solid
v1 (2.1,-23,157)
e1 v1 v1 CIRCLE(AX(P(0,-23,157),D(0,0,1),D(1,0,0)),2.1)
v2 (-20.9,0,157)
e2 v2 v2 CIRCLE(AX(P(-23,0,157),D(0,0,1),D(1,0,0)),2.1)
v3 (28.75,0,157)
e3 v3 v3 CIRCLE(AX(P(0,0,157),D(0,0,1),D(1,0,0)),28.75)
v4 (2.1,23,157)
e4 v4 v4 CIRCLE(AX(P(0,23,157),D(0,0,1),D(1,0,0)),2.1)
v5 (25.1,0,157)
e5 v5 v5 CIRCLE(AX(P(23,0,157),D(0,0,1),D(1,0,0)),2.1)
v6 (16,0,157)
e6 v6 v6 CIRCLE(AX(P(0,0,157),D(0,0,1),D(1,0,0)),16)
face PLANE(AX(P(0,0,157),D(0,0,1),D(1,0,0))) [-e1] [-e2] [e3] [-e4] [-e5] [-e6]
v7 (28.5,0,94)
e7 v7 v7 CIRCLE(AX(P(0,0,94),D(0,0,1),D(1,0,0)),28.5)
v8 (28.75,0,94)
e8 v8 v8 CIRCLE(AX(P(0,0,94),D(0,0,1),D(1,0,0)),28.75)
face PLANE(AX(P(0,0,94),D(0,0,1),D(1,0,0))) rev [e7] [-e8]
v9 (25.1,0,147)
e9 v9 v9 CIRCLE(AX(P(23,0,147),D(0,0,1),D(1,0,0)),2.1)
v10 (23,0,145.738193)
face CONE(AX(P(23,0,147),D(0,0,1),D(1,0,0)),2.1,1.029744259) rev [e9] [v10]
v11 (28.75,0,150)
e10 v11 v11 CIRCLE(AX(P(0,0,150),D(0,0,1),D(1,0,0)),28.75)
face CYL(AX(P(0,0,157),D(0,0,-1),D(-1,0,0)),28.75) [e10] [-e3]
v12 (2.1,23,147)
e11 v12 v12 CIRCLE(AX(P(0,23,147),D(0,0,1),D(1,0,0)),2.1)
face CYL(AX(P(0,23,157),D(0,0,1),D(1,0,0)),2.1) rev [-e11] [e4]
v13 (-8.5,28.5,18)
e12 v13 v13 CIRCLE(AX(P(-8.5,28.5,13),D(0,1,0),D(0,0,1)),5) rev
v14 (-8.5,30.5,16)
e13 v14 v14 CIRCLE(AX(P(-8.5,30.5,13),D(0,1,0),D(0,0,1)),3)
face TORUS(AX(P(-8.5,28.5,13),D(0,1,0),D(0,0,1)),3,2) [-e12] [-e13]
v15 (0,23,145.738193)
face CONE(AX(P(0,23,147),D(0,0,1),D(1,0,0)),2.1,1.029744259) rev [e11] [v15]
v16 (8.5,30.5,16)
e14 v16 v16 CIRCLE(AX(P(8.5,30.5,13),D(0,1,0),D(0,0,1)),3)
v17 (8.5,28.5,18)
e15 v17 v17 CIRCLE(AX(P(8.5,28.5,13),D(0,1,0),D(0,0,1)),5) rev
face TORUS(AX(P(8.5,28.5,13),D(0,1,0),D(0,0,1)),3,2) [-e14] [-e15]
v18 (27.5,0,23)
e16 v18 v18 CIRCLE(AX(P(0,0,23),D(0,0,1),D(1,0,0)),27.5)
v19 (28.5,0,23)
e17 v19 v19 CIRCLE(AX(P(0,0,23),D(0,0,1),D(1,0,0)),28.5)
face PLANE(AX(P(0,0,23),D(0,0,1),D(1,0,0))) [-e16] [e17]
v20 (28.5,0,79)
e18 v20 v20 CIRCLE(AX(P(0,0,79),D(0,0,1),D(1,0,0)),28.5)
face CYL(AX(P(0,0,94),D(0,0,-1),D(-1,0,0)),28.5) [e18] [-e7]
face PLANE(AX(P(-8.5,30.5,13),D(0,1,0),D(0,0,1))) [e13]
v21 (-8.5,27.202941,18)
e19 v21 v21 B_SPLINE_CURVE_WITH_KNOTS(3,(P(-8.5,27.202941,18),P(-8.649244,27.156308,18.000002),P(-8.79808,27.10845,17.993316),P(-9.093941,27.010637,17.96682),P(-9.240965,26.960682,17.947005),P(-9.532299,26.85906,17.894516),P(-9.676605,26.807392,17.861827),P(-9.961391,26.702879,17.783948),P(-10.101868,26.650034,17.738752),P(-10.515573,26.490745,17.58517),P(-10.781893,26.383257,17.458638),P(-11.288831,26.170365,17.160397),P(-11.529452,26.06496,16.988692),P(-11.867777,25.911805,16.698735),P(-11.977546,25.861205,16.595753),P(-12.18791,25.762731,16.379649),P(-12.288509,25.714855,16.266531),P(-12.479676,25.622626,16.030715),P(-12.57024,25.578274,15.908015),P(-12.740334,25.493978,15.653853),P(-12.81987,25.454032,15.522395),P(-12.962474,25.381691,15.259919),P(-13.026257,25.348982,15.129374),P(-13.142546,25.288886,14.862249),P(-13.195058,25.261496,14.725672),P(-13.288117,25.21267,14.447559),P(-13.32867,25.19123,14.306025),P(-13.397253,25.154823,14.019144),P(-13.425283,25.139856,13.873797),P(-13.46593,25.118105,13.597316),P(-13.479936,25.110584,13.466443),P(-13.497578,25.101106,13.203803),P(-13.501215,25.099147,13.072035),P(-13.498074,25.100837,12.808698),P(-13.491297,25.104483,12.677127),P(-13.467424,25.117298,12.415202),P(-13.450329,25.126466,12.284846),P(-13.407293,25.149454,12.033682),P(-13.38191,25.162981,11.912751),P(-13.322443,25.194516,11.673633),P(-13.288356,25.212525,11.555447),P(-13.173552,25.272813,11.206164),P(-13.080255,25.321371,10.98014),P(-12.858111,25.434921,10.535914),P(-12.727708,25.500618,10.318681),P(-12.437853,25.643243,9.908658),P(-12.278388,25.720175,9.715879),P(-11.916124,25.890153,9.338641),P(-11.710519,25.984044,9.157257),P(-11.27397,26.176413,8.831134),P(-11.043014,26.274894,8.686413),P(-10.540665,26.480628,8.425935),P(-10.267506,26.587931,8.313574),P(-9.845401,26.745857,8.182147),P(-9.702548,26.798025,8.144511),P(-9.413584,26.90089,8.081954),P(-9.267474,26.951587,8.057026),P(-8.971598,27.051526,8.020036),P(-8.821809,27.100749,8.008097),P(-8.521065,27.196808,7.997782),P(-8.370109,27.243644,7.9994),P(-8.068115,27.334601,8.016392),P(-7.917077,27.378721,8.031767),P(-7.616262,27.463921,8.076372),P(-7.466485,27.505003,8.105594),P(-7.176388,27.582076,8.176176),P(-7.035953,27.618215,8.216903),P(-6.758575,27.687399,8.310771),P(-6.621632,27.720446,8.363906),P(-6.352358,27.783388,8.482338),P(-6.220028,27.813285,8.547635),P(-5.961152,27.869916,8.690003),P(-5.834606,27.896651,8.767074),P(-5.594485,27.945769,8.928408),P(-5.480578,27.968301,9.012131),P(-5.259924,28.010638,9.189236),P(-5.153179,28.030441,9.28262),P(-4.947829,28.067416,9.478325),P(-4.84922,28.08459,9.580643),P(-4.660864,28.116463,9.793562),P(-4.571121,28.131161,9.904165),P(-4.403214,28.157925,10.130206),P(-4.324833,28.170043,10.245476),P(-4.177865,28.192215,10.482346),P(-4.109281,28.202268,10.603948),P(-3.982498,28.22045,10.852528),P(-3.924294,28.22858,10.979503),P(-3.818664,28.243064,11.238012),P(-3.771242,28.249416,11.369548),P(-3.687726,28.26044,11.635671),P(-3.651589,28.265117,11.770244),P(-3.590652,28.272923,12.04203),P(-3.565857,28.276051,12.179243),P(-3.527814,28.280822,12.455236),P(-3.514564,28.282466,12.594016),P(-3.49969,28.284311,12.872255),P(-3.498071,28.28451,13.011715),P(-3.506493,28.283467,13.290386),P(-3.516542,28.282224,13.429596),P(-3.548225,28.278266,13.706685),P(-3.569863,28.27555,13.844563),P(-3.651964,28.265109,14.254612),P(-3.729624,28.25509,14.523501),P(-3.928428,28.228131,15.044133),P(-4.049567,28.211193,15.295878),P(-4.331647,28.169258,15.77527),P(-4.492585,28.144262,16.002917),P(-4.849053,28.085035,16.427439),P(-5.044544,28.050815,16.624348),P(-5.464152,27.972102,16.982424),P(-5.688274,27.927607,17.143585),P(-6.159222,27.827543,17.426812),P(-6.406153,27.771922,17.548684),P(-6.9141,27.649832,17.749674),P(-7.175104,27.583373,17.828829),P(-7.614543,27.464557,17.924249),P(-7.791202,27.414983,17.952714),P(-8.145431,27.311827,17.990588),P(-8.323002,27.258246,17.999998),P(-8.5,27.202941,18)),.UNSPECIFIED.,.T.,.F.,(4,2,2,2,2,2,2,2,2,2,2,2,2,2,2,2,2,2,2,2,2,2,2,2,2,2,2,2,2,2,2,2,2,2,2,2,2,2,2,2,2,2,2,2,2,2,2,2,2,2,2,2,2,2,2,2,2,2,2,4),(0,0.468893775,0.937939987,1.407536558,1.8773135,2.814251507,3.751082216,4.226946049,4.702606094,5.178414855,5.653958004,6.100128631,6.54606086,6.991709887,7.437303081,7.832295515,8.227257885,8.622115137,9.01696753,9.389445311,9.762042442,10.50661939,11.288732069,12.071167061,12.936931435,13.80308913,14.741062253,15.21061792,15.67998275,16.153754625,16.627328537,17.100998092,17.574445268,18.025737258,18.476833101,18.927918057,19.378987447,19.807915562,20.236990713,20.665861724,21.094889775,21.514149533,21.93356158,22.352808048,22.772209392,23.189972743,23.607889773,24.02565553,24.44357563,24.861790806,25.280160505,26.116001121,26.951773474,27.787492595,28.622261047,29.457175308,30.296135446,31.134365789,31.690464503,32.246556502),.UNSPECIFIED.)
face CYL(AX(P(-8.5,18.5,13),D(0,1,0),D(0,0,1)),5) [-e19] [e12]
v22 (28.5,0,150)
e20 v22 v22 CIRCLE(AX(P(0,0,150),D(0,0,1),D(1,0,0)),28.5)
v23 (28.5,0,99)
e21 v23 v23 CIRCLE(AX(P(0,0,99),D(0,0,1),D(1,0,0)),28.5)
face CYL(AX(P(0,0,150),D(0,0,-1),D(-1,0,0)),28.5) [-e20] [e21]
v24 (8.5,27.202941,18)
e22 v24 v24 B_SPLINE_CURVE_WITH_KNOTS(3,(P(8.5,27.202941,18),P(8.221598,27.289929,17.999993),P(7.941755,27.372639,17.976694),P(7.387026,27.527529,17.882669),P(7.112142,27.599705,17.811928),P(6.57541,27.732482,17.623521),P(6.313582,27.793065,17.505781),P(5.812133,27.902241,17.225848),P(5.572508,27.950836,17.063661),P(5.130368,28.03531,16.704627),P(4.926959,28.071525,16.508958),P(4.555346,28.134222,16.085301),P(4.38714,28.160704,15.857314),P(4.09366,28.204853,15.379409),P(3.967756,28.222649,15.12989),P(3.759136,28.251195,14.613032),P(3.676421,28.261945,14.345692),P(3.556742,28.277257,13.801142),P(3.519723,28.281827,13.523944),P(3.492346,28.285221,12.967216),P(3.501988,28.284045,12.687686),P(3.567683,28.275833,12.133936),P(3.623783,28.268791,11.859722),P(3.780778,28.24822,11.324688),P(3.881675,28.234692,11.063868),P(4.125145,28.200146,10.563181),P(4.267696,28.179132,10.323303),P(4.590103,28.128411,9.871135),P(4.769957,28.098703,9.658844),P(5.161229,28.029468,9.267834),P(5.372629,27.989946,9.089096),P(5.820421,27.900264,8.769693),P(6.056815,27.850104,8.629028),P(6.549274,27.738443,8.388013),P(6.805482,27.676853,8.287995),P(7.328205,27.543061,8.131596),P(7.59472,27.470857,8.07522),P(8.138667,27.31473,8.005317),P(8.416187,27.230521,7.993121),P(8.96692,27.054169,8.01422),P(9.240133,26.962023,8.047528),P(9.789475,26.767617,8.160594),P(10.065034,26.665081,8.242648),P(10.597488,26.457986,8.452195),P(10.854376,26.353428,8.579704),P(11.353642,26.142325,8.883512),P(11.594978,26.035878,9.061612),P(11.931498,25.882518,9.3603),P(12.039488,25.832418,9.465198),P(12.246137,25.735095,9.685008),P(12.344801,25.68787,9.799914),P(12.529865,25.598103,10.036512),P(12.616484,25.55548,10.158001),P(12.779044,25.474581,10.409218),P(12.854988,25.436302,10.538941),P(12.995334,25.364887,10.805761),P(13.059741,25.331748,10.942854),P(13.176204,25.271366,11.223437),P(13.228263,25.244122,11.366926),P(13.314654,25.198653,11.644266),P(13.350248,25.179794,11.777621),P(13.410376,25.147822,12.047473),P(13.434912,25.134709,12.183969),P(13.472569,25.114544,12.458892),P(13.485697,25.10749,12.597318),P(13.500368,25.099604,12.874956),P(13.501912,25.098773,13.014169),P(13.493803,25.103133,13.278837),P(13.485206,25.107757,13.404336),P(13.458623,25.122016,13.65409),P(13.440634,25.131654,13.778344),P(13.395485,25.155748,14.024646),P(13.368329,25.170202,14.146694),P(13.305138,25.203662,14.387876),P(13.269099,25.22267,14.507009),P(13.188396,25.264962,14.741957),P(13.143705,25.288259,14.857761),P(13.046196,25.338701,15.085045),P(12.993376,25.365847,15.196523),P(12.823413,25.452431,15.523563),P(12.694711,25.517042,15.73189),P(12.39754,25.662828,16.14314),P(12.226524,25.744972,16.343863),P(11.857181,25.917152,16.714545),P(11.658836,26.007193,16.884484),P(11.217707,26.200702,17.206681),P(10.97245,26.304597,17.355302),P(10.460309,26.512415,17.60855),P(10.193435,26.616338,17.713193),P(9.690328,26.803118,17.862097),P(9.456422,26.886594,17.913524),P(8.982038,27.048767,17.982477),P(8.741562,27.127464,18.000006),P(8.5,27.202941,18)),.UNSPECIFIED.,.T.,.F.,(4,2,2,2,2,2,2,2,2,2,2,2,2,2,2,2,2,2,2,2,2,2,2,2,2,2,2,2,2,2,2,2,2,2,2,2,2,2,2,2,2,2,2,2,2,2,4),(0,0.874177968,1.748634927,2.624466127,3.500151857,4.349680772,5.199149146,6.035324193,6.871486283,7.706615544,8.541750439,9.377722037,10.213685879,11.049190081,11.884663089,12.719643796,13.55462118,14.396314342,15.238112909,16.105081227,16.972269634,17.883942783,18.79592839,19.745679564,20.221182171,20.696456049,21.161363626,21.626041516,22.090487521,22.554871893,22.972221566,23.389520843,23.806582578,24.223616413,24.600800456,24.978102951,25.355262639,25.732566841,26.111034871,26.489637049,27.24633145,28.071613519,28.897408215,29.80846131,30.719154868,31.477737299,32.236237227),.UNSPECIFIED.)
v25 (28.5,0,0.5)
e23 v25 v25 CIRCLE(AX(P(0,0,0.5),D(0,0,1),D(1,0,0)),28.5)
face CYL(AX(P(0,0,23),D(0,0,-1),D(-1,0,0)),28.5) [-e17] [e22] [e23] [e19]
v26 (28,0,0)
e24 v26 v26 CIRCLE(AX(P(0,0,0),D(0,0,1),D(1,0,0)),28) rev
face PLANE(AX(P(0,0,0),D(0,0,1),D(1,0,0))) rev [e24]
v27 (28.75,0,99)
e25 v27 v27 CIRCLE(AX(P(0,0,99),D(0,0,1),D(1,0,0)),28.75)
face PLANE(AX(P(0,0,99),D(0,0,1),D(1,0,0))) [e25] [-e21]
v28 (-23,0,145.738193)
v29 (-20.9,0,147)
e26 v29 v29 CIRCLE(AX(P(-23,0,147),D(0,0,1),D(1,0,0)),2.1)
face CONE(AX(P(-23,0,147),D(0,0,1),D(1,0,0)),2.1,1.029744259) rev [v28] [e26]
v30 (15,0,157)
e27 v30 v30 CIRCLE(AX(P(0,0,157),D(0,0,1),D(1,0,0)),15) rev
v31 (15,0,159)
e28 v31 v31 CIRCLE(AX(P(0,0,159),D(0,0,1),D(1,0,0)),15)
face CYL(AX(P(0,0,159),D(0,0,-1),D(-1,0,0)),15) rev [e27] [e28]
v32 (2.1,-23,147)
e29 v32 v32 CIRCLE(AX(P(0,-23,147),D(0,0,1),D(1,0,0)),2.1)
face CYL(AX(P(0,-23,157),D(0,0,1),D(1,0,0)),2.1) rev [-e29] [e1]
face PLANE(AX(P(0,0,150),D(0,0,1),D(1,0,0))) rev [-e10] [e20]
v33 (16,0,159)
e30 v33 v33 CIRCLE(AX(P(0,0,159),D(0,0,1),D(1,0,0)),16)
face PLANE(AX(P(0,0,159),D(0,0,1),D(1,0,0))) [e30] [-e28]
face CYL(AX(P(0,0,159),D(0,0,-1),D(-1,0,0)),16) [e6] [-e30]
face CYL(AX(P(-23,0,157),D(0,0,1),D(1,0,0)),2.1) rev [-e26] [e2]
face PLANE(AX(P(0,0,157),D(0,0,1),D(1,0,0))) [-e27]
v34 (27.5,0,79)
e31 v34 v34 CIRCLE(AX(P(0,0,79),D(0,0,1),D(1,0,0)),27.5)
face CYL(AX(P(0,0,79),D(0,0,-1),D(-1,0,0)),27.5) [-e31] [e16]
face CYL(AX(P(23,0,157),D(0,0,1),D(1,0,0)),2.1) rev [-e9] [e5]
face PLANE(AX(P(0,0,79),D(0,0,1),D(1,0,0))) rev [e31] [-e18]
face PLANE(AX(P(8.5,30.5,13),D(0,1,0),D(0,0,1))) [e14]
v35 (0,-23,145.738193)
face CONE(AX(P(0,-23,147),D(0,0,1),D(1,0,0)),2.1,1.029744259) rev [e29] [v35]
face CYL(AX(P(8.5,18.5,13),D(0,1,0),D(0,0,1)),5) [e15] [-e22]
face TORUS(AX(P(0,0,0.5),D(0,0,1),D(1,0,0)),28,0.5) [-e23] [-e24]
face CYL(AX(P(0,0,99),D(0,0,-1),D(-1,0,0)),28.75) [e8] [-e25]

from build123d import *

# Parameters (mm, degrees)
ESQUISSE1_R                  = 28.5
BOSS_EXTRU_1_DEPTH           = 23
ESQUISSE3_R                  = 27.5
BOSS_EXTRU_2_DEPTH           = 56
ESQUISSE4_R                  = 28.5
BOSS_EXTRU_3_DEPTH           = 15
ESQUISSE5_R                  = 28.75
BOSS_EXTRU_4_DEPTH           = 5
ESQUISSE6_R                  = 28.5
BOSS_EXTRU_5_DEPTH           = 51
ESQUISSE7_R                  = 28.75
BOSS_EXTRU_6_DEPTH           = 7
CONG_1_R                     = 0.5
ESQUISSE8_R                  = 16
ESQUISSE8_R_2                = 15
BOSS_EXTRU_7_DEPTH           = 2
R_P_TITION_CIRCULAIRE1_COUNT = 4
BOSS_EXTRU_8_DEPTH           = 2
BOSS_EXTRU_8_DEPTH_BACK      = 10
ESQUISSE12_R                 = 5
CONG_2_R                     = 2


with BuildPart() as part:
    # Esquisse1 → Boss.-Extru.1 (new body)
    with BuildSketch(Plane.XY):
        Circle(ESQUISSE1_R)
    extrude(amount=BOSS_EXTRU_1_DEPTH)

    # Esquisse3 → Boss.-Extru.2 (add)
    with BuildSketch(Plane.XY.offset(23)):
        Circle(ESQUISSE3_R)
    extrude(amount=BOSS_EXTRU_2_DEPTH)

    # Esquisse4 → Boss.-Extru.3 (add)
    with BuildSketch(Plane.XY.offset(79)):
        Circle(ESQUISSE4_R)
    extrude(amount=BOSS_EXTRU_3_DEPTH)

    # Esquisse5 → Boss.-Extru.4 (add)
    with BuildSketch(Plane.XY.offset(94)):
        Circle(ESQUISSE5_R)
    extrude(amount=BOSS_EXTRU_4_DEPTH)

    # Esquisse6 → Boss.-Extru.5 (add)
    with BuildSketch(Plane.XY.offset(99)):
        Circle(ESQUISSE6_R)
    extrude(amount=BOSS_EXTRU_5_DEPTH)

    # Esquisse7 → Boss.-Extru.6 (add)
    with BuildSketch(Plane.XY.offset(150)):
        Circle(ESQUISSE7_R)
    extrude(amount=BOSS_EXTRU_6_DEPTH)

    # Congé1
    cong_1_edges = [part.edges().sort_by_distance(p)[0] for p in [
        (-28.5, 0, 0),
    ]]
    fillet(cong_1_edges, radius=CONG_1_R)

    # Esquisse8 → Boss.-Extru.7 (add)
    with BuildSketch(Plane.XY.offset(157)):
        Circle(ESQUISSE8_R)
        Circle(ESQUISSE8_R_2, mode=Mode.SUBTRACT)
    extrude(amount=BOSS_EXTRU_7_DEPTH)

    # Esquisse10 → Trou pour taraudage pour trou taraudé M51 (revolve, cut)
    with BuildSketch(Plane(origin=(-23, 0, 157), x_dir=(0, -1, 0), z_dir=(1, 0, 0))):
        Polygon((0, 0), (0, 11.2618073), (2.1, 10), (2.1, 0), align=None)
    trou_pour_taraudage_pour_trou_taraud_m5 = revolve(axis=Axis((-23, 0, 163.35), (0, 0, -1)), mode=Mode.SUBTRACT)

    # Répétition circulaire1: Trou pour taraudage pour trou taraudé M51 ×4 about axis
    r_p_tition_circulaire1_axis = Axis((0, 0, 157), (0, 0, -1))
    for i in range(1, R_P_TITION_CIRCULAIRE1_COUNT):
        add(trou_pour_taraudage_pour_trou_taraud_m5.rotate(r_p_tition_circulaire1_axis, i * 360 / R_P_TITION_CIRCULAIRE1_COUNT), mode=Mode.SUBTRACT)

    # Esquisse12 → Boss.-Extru.8 (add, two sides: drawn at the far end of the back side and taken through both)
    with BuildSketch(Plane(origin=(0, 28.5, 0), x_dir=(1, 0, 0), z_dir=(0, 1, 0)).offset(-BOSS_EXTRU_8_DEPTH_BACK)):
        with Locations((-8.5, -13)):
            Circle(ESQUISSE12_R)
        with Locations((8.5, -13)):
            Circle(ESQUISSE12_R)
    extrude(amount=BOSS_EXTRU_8_DEPTH + BOSS_EXTRU_8_DEPTH_BACK)

    # Congé2
    cong_2_edges = [part.edges().sort_by_distance(p)[0] for p in [
        (3.5, 30.5, 13),
        (-13.5, 30.5, 13),
    ]]
    fillet(cong_2_edges, radius=CONG_2_R)


solid = part.part
